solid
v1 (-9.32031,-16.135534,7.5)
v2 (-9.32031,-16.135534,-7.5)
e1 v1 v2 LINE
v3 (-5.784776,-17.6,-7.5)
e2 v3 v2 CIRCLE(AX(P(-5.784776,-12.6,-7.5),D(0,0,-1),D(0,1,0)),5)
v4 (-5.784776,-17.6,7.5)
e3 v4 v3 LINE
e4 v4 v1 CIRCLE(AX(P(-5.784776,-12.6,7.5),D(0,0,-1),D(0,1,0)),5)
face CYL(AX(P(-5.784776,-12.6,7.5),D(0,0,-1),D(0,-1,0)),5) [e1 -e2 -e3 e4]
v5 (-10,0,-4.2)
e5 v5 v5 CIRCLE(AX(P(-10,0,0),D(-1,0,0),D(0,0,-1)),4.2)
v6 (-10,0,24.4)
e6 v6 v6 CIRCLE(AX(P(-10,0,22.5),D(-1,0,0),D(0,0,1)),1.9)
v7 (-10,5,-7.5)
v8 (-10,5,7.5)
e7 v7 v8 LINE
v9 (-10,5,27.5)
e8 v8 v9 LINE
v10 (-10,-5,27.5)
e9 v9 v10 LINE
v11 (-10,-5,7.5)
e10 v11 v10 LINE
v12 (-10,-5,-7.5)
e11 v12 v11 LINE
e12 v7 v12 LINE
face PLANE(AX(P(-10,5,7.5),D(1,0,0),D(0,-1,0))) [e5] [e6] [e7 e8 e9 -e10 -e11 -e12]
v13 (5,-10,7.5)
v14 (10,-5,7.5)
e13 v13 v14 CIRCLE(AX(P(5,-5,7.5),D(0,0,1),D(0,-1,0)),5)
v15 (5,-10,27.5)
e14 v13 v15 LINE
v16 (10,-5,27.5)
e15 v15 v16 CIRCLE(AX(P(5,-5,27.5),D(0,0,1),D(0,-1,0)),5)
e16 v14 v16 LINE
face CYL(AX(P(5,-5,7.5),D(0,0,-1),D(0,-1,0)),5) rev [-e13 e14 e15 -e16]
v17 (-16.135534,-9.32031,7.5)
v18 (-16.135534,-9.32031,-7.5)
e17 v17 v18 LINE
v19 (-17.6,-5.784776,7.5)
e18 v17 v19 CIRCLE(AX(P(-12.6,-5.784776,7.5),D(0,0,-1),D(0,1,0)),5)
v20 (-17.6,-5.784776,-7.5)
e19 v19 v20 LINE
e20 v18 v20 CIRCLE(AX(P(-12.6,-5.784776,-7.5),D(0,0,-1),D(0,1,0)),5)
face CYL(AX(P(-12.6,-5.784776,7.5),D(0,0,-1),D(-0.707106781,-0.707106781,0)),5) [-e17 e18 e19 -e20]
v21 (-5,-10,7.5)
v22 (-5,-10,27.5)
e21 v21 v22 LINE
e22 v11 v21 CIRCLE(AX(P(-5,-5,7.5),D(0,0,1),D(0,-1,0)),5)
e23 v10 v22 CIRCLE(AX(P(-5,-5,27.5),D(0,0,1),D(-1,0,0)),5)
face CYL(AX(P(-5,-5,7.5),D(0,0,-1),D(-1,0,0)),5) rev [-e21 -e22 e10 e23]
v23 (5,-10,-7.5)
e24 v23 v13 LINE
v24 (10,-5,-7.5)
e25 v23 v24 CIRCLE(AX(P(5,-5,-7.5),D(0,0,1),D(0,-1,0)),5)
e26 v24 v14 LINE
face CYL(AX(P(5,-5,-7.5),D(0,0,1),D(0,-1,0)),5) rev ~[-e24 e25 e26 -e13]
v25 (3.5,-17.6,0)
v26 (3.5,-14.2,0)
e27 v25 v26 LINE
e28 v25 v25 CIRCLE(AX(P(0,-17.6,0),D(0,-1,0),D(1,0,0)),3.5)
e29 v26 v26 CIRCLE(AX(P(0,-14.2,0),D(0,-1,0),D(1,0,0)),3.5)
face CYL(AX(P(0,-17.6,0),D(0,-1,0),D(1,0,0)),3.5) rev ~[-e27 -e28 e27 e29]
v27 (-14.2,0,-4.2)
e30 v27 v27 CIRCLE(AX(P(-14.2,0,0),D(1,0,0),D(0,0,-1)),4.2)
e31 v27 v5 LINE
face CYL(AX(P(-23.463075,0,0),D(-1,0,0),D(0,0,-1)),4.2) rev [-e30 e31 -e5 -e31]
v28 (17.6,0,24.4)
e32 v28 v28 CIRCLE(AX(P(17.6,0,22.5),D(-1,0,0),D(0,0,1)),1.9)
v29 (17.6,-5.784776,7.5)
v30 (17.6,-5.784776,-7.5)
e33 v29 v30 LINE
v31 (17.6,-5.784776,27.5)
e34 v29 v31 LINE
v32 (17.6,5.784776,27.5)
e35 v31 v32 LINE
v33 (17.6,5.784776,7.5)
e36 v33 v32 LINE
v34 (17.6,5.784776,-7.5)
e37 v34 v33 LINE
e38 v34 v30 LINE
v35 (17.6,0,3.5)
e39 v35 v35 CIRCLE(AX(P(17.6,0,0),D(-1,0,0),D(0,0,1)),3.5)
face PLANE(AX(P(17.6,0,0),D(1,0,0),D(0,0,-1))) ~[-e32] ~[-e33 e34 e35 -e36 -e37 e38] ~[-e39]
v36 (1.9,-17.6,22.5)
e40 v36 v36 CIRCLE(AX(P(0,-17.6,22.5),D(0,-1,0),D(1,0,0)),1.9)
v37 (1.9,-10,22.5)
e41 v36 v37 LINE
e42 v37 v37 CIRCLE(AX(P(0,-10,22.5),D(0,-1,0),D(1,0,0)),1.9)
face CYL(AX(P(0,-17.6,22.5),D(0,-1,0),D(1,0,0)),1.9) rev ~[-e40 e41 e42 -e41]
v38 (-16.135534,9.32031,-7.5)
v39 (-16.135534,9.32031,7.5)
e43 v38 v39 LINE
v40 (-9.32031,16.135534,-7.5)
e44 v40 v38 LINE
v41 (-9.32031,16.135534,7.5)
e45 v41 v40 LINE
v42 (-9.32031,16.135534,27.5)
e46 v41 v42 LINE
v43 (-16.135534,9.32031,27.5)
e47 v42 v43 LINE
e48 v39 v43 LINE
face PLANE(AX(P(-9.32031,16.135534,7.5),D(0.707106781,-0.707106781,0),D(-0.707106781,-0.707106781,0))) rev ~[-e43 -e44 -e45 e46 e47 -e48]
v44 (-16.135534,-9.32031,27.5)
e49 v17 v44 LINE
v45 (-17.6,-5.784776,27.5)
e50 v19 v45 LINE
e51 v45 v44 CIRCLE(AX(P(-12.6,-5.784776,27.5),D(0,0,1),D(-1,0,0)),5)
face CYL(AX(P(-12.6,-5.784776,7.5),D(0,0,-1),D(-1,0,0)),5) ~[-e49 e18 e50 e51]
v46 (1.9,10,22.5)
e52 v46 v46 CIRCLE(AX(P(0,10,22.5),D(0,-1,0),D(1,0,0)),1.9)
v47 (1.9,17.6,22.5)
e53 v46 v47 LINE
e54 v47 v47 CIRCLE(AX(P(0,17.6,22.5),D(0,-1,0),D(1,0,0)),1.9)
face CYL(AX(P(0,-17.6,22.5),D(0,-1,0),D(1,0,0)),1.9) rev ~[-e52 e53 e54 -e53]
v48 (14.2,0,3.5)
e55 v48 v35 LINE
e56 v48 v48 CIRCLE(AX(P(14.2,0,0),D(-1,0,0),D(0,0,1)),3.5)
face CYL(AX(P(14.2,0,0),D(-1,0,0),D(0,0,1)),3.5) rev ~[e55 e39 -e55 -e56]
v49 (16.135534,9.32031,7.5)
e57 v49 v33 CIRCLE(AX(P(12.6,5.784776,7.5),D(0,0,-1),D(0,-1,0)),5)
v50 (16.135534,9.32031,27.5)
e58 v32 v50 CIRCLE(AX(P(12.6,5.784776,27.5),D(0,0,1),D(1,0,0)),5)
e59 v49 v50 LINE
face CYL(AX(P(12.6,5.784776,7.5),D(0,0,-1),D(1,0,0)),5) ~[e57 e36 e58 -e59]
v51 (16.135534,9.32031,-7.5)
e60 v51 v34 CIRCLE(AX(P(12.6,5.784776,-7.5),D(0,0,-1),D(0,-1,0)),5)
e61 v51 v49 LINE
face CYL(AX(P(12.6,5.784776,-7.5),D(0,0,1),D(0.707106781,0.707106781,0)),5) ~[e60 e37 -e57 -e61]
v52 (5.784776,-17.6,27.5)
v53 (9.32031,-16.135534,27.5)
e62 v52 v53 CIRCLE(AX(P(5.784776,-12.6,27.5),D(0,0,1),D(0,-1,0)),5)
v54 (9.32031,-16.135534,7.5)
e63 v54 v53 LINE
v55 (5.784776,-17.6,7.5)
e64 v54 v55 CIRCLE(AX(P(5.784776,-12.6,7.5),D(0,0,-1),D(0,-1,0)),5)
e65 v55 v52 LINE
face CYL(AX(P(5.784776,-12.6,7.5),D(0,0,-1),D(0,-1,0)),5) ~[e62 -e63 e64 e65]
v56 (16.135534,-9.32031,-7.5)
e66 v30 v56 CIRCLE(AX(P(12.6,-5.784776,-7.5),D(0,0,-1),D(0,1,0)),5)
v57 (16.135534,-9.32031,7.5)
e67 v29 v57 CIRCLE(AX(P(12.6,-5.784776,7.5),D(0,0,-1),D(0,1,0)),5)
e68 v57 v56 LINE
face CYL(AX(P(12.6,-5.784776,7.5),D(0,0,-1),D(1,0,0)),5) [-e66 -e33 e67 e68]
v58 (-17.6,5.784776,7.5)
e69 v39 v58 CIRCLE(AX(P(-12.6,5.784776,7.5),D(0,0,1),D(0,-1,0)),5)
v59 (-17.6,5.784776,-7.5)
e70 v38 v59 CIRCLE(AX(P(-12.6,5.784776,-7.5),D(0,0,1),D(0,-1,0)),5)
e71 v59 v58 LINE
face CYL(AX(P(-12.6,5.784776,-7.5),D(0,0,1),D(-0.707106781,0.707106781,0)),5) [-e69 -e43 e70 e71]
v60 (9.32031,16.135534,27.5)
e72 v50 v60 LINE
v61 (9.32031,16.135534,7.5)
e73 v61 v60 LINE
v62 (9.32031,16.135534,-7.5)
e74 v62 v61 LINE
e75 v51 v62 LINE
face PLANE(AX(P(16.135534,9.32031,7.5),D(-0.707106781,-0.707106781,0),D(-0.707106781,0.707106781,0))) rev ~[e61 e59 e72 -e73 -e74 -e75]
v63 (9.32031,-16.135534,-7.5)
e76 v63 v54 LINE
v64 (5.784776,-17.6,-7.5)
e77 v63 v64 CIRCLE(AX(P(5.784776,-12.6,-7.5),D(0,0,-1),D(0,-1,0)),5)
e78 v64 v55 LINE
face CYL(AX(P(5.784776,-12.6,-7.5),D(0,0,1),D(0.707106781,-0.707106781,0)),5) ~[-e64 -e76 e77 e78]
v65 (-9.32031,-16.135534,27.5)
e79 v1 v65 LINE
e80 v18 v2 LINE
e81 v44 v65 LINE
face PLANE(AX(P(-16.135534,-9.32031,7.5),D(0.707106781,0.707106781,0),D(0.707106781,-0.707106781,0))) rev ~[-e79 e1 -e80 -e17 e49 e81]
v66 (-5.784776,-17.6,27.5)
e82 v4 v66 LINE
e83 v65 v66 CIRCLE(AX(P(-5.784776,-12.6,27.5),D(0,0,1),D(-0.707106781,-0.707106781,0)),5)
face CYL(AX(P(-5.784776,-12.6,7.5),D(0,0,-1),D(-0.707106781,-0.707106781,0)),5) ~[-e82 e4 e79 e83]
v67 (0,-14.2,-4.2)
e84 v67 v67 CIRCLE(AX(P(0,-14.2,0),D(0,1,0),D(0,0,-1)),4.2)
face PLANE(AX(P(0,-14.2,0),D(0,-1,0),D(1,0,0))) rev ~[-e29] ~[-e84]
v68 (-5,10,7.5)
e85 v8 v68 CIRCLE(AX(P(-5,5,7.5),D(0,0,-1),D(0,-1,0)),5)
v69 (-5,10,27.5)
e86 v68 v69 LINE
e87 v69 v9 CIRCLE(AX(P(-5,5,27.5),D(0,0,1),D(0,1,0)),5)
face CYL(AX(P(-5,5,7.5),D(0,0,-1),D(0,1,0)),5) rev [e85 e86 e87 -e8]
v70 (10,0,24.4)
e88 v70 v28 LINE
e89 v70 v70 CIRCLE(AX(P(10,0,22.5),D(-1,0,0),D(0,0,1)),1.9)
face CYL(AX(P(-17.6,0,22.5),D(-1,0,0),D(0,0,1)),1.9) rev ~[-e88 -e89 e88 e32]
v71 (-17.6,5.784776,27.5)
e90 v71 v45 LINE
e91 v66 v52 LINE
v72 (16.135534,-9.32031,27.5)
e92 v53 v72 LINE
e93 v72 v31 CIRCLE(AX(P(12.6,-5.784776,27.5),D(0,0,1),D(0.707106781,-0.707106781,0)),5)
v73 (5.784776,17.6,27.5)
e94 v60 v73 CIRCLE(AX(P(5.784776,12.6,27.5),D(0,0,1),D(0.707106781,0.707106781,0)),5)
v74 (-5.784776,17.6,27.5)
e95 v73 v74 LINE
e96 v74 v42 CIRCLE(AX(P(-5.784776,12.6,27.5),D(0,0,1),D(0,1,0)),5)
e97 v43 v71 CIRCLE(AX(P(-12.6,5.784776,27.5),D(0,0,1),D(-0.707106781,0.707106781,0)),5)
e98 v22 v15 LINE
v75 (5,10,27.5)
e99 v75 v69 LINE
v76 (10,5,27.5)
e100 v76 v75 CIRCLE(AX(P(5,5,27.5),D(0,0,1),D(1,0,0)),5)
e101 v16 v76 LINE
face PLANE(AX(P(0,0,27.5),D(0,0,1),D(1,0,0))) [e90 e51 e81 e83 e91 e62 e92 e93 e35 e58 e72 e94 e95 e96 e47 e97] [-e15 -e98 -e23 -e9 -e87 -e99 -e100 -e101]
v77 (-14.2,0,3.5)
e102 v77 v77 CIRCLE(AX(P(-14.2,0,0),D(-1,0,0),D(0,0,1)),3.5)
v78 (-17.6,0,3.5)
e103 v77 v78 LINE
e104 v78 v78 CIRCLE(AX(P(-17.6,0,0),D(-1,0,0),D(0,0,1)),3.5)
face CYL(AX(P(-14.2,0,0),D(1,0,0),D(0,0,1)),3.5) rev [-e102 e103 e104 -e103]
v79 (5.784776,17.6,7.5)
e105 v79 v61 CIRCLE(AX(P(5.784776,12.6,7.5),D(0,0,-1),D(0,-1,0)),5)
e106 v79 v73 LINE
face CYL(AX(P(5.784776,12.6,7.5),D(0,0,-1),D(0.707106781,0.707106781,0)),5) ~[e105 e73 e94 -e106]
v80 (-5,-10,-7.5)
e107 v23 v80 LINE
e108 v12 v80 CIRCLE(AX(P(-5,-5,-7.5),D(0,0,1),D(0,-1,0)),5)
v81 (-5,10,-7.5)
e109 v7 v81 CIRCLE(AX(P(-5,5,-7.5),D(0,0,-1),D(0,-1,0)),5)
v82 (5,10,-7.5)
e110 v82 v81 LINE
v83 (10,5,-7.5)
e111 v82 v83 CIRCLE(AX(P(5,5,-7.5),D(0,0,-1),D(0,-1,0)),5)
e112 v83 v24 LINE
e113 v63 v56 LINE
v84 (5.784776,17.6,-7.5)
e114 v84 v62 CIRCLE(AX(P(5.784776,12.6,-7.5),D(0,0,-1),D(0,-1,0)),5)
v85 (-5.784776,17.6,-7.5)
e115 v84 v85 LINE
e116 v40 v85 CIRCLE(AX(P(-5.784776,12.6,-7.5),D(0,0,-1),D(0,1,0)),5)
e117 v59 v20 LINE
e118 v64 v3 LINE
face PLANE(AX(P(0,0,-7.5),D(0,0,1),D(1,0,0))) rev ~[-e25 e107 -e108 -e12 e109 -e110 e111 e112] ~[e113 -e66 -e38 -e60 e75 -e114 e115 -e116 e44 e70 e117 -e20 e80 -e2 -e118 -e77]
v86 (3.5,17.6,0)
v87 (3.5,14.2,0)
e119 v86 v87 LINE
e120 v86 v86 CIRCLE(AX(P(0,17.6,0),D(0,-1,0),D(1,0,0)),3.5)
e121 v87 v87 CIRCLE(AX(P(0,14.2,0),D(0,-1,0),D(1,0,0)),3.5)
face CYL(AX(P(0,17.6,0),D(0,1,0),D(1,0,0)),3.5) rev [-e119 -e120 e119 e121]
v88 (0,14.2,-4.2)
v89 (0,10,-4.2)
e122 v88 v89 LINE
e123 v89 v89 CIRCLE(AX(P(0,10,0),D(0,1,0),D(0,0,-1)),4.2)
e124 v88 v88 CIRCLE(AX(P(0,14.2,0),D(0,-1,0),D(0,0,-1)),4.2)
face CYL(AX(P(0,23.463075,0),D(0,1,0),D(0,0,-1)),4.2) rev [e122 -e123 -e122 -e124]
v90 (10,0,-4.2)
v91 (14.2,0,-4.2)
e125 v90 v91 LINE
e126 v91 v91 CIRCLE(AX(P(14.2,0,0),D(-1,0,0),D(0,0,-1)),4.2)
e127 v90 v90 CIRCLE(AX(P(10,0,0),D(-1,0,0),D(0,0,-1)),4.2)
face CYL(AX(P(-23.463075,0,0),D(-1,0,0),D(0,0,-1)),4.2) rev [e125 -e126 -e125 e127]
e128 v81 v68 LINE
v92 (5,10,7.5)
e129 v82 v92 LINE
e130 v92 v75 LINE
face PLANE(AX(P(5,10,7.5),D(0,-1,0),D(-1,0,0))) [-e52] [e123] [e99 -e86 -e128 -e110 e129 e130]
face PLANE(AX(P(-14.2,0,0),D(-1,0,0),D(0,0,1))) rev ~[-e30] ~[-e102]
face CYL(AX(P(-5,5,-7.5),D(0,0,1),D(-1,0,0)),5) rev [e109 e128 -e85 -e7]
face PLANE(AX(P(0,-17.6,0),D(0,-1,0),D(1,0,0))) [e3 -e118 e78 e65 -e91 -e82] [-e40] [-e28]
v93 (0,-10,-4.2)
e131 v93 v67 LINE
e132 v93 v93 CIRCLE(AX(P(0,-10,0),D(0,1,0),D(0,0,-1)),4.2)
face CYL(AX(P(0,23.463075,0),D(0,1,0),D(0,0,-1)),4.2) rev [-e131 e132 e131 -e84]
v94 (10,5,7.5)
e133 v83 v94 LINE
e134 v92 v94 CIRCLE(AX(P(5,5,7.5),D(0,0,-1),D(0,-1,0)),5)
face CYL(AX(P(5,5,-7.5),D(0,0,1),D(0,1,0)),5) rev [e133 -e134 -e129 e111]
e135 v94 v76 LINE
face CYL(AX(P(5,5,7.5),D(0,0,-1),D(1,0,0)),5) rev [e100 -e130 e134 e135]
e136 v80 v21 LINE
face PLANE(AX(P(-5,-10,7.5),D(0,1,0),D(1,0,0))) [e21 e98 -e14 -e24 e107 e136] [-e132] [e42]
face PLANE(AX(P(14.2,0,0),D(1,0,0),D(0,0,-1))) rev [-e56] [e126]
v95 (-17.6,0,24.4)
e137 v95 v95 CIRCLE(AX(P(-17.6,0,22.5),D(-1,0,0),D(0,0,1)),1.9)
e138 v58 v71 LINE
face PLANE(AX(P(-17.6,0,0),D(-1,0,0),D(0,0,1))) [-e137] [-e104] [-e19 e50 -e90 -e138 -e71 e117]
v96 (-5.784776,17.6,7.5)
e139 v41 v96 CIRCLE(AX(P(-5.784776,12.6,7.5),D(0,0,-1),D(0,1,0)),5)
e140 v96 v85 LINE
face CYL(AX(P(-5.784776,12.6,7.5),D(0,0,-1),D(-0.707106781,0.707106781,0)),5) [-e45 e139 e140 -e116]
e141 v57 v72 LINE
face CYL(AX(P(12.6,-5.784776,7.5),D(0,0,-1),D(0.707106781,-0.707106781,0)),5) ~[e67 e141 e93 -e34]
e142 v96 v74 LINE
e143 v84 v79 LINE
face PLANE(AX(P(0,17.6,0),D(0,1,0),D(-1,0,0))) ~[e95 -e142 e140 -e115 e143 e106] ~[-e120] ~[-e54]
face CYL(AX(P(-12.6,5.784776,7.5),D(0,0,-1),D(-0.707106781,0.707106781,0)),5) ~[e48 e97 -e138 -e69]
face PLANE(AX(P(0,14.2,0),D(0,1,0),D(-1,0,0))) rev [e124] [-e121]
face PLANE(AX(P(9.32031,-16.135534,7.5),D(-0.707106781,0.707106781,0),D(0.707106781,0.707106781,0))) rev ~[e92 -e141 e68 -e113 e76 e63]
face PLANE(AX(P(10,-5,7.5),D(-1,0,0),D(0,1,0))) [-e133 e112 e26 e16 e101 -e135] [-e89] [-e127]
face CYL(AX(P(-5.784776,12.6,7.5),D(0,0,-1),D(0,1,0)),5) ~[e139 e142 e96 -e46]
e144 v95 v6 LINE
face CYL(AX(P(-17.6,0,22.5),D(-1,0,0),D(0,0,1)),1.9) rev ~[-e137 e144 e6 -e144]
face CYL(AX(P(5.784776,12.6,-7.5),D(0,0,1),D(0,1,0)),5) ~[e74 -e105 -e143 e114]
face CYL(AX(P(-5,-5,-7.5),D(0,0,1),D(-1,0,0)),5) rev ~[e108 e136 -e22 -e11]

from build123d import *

# Parameters (mm, degrees)
EXTRUDE_1_DEPTH          = 7.5
CUT_EXTRUDE_1_DEPTH      = 30.546573405
CUT_EXTRUDE_1_DEPTH_BACK = 30.546573405
SKETCH_2_W               = 20
SKETCH_2_H               = 20
SKETCH_11_W              = 29.504788154
SKETCH_11_H              = 47.493911142
CUT_EXTRUDE_7_DEPTH      = 0.4
SKETCH_12_W              = 20.237973212
SKETCH_12_H              = 25.719397838
CUT_EXTRUDE_8_DEPTH      = 0.4
FILLET_1_R               = 5
FILLET_2_R               = 5
CUT_EXTRUDE_2_DEPTH      = 41.063075269
CUT_EXTRUDE_2_DEPTH_BACK = 41.063075269
SKETCH_3_R               = 4.2
CUT_EXTRUDE_3_DEPTH      = 41.063075269
CUT_EXTRUDE_3_DEPTH_BACK = 41.063075269
SKETCH_4_R               = 4.2
EXTRUDE_2_DEPTH          = 20
SKETCH_6_R               = 4.2
SKETCH_6_R_2             = 3.5
EXTRUDE_3_DEPTH          = 3.4
EXTRUDE_START            = -3.4
SKETCH_13_R              = 4.2
SKETCH_13_R_2            = 3.5
EXTRUDE_4_DEPTH          = 3.4
SKETCH_14_R              = 1.9
CUT_EXTRUDE_9_DEPTH      = 49.010936254
SKETCH_15_R              = 1.9
CUT_EXTRUDE_10_DEPTH     = 49.010936254


with BuildPart() as part:
    # ｽｹｯﾁ1 → ﾎﾞｽ - 押し出し1 (new, symmetric)
    with BuildSketch(Plane.XY):
        Polygon((7.455844123, -18), (18, -7.455844123), (18, 7.455844123), (7.455844123, 18), (-7.455844123, 18), (-18, 7.455844123), (-18, -7.455844123), (-7.455844123, -18), align=None)
    extrude(amount=EXTRUDE_1_DEPTH, both=True)

    # ｽｹｯﾁ2 → ｶｯﾄ - 押し出し1 (cut, two sides: drawn at the far end of the back side and taken through both)
    with BuildSketch(Plane.XY.offset(7.5).offset(-CUT_EXTRUDE_1_DEPTH_BACK)):
        Rectangle(SKETCH_2_W, SKETCH_2_H)
    extrude(amount=CUT_EXTRUDE_1_DEPTH + CUT_EXTRUDE_1_DEPTH_BACK, mode=Mode.SUBTRACT)

    # ｽｹｯﾁ11 → ｶｯﾄ - 押し出し7 (cut)
    with BuildSketch(Plane(origin=(0, 18, 0), x_dir=(1, 0, 0), z_dir=(0, 1, 0))):
        Rectangle(SKETCH_11_W, SKETCH_11_H)
    cut_extrude_7 = extrude(amount=-CUT_EXTRUDE_7_DEPTH, mode=Mode.SUBTRACT)

    # ﾐﾗｰ1: ｶｯﾄ - 押し出し7 across plane
    add(cut_extrude_7.mirror(Plane.ZX), mode=Mode.SUBTRACT)

    # ｽｹｯﾁ12 → ｶｯﾄ - 押し出し8 (cut)
    with BuildSketch(Plane.ZY.offset(18)):
        Rectangle(SKETCH_12_W, SKETCH_12_H)
    cut_extrude_8 = extrude(amount=-CUT_EXTRUDE_8_DEPTH, mode=Mode.SUBTRACT)

    # ﾐﾗｰ2: ｶｯﾄ - 押し出し8 across plane
    add(cut_extrude_8.mirror(Plane(origin=(0, 0, 0), x_dir=(0, 0, 1), z_dir=(1, 0, 0))), mode=Mode.SUBTRACT)

    # ﾌｨﾚｯﾄ1
    fillet_1_edges = [part.edges().sort_by_distance(p)[0] for p in [
        (-10, -10, 0),
        (-10, 10, 0),
        (10, 10, 0),
        (10, -10, 0),
    ]]
    fillet(fillet_1_edges, radius=FILLET_1_R)

    # ﾌｨﾚｯﾄ2
    fillet_2_edges = [part.edges().sort_by_distance(p)[0] for p in [
        (17.6, 7.855844123, 0),
        (17.6, -7.855844123, 0),
        (-7.855844123, 17.6, 0),
        (7.855844123, 17.6, 0),
        (7.855844123, -17.6, 0),
        (-7.855844123, -17.6, 0),
        (-17.6, -7.855844123, 0),
        (-17.6, 7.855844123, 0),
    ]]
    fillet(fillet_2_edges, radius=FILLET_2_R)

    # ｽｹｯﾁ3 → ｶｯﾄ - 押し出し2 (cut, two sides: drawn at the far end of the back side and taken through both)
    with BuildSketch(Plane.XZ.offset(17.6).offset(-CUT_EXTRUDE_2_DEPTH_BACK)):
        with Locations(Location((0, 0, 0), (0, 0, 270))):
            Circle(SKETCH_3_R)
    extrude(amount=CUT_EXTRUDE_2_DEPTH + CUT_EXTRUDE_2_DEPTH_BACK, mode=Mode.SUBTRACT)

    # ｽｹｯﾁ4 → ｶｯﾄ - 押し出し3 (cut, two sides: drawn at the far end of the back side and taken through both)
    with BuildSketch(Plane(origin=(17.6, 0, 0), x_dir=(0, 0, -1), z_dir=(1, 0, 0)).offset(-CUT_EXTRUDE_3_DEPTH_BACK)):
        Circle(SKETCH_4_R)
    extrude(amount=CUT_EXTRUDE_3_DEPTH + CUT_EXTRUDE_3_DEPTH_BACK, mode=Mode.SUBTRACT)

    # ｽｹｯﾁ5 → ﾎﾞｽ - 押し出し2 (add)
    with BuildSketch(Plane.XY.offset(7.5)):
        with BuildLine():
            Line((17.6, -5.784776311), (17.6, 5.784776311))
            ThreePointArc((17.6, 5.784776311), (17.219397663, 7.698193473), (16.135533906, 9.320310217))
            Line((16.135533906, 9.320310217), (9.320310217, 16.135533906))
            ThreePointArc((9.320310217, 16.135533906), (7.698193473, 17.219397663), (5.784776311, 17.6))
            Line((5.784776311, 17.6), (-5.784776311, 17.6))
            ThreePointArc((-5.784776311, 17.6), (-7.698193473, 17.219397663), (-9.320310217, 16.135533906))
            Line((-9.320310217, 16.135533906), (-16.135533906, 9.320310217))
            ThreePointArc((-16.135533906, 9.320310217), (-17.219397663, 7.698193473), (-17.6, 5.784776311))
            Line((-17.6, 5.784776311), (-17.6, -5.784776311))
            ThreePointArc((-17.6, -5.784776311), (-17.219397663, -7.698193473), (-16.135533906, -9.320310217))
            Line((-16.135533906, -9.320310217), (-9.320310217, -16.135533906))
            ThreePointArc((-9.320310217, -16.135533906), (-7.698193473, -17.219397663), (-5.784776311, -17.6))
            Line((-5.784776311, -17.6), (5.784776311, -17.6))
            ThreePointArc((5.784776311, -17.6), (7.698193473, -17.219397663), (9.320310217, -16.135533906))
            Line((9.320310217, -16.135533906), (16.135533906, -9.320310217))
            ThreePointArc((16.135533906, -9.320310217), (17.219397663, -7.698193473), (17.6, -5.784776311))
        make_face()
        with BuildLine():
            Line((5, 10), (-5, 10))
            ThreePointArc((-5, 10), (-8.535533906, 8.535533906), (-10, 5))
            Line((-10, 5), (-10, -5))
            ThreePointArc((-10, -5), (-8.535533906, -8.535533906), (-5, -10))
            Line((-5, -10), (5, -10))
            ThreePointArc((5, -10), (8.535533906, -8.535533906), (10, -5))
            Line((10, -5), (10, 5))
            ThreePointArc((10, 5), (8.535533906, 8.535533906), (5, 10))
        make_face(mode=Mode.SUBTRACT)
    extrude(amount=EXTRUDE_2_DEPTH)

    # ｽｹｯﾁ6 → ﾎﾞｽ - 押し出し3 (add)
    with BuildSketch(Plane.XZ.offset(17.6)):
        Circle(SKETCH_6_R)
        Circle(SKETCH_6_R_2, mode=Mode.SUBTRACT)
    extrude_3 = extrude(amount=-EXTRUDE_3_DEPTH)

    # ﾐﾗｰ3: ﾎﾞｽ - 押し出し3 across plane
    add(extrude_3.mirror(Plane.ZX))

    # ｽｹｯﾁ13 → ﾎﾞｽ - 押し出し4 (add)
    with BuildSketch(Plane.ZY.offset(17.6).offset(EXTRUDE_START)):
        Circle(SKETCH_13_R)
        Circle(SKETCH_13_R_2, mode=Mode.SUBTRACT)
    extrude_4 = extrude(amount=EXTRUDE_4_DEPTH)

    # ﾐﾗｰ4: ﾎﾞｽ - 押し出し4 across plane
    add(extrude_4.mirror(Plane(origin=(0, 0, 0), x_dir=(0, 0, 1), z_dir=(1, 0, 0))))

    # ｽｹｯﾁ14 → ｶｯﾄ - 押し出し9 (cut, through all)
    with BuildSketch(Plane.ZY.offset(17.6)):
        with Locations((22.5, 0)):
            Circle(SKETCH_14_R)
    extrude(amount=-CUT_EXTRUDE_9_DEPTH, mode=Mode.SUBTRACT)

    # ｽｹｯﾁ15 → ｶｯﾄ - 押し出し10 (cut, through all)
    with BuildSketch(Plane.XZ.offset(17.6)):
        with Locations((0, 22.5)):
            Circle(SKETCH_15_R)
    extrude(amount=-CUT_EXTRUDE_10_DEPTH, mode=Mode.SUBTRACT)


solid = part.part
